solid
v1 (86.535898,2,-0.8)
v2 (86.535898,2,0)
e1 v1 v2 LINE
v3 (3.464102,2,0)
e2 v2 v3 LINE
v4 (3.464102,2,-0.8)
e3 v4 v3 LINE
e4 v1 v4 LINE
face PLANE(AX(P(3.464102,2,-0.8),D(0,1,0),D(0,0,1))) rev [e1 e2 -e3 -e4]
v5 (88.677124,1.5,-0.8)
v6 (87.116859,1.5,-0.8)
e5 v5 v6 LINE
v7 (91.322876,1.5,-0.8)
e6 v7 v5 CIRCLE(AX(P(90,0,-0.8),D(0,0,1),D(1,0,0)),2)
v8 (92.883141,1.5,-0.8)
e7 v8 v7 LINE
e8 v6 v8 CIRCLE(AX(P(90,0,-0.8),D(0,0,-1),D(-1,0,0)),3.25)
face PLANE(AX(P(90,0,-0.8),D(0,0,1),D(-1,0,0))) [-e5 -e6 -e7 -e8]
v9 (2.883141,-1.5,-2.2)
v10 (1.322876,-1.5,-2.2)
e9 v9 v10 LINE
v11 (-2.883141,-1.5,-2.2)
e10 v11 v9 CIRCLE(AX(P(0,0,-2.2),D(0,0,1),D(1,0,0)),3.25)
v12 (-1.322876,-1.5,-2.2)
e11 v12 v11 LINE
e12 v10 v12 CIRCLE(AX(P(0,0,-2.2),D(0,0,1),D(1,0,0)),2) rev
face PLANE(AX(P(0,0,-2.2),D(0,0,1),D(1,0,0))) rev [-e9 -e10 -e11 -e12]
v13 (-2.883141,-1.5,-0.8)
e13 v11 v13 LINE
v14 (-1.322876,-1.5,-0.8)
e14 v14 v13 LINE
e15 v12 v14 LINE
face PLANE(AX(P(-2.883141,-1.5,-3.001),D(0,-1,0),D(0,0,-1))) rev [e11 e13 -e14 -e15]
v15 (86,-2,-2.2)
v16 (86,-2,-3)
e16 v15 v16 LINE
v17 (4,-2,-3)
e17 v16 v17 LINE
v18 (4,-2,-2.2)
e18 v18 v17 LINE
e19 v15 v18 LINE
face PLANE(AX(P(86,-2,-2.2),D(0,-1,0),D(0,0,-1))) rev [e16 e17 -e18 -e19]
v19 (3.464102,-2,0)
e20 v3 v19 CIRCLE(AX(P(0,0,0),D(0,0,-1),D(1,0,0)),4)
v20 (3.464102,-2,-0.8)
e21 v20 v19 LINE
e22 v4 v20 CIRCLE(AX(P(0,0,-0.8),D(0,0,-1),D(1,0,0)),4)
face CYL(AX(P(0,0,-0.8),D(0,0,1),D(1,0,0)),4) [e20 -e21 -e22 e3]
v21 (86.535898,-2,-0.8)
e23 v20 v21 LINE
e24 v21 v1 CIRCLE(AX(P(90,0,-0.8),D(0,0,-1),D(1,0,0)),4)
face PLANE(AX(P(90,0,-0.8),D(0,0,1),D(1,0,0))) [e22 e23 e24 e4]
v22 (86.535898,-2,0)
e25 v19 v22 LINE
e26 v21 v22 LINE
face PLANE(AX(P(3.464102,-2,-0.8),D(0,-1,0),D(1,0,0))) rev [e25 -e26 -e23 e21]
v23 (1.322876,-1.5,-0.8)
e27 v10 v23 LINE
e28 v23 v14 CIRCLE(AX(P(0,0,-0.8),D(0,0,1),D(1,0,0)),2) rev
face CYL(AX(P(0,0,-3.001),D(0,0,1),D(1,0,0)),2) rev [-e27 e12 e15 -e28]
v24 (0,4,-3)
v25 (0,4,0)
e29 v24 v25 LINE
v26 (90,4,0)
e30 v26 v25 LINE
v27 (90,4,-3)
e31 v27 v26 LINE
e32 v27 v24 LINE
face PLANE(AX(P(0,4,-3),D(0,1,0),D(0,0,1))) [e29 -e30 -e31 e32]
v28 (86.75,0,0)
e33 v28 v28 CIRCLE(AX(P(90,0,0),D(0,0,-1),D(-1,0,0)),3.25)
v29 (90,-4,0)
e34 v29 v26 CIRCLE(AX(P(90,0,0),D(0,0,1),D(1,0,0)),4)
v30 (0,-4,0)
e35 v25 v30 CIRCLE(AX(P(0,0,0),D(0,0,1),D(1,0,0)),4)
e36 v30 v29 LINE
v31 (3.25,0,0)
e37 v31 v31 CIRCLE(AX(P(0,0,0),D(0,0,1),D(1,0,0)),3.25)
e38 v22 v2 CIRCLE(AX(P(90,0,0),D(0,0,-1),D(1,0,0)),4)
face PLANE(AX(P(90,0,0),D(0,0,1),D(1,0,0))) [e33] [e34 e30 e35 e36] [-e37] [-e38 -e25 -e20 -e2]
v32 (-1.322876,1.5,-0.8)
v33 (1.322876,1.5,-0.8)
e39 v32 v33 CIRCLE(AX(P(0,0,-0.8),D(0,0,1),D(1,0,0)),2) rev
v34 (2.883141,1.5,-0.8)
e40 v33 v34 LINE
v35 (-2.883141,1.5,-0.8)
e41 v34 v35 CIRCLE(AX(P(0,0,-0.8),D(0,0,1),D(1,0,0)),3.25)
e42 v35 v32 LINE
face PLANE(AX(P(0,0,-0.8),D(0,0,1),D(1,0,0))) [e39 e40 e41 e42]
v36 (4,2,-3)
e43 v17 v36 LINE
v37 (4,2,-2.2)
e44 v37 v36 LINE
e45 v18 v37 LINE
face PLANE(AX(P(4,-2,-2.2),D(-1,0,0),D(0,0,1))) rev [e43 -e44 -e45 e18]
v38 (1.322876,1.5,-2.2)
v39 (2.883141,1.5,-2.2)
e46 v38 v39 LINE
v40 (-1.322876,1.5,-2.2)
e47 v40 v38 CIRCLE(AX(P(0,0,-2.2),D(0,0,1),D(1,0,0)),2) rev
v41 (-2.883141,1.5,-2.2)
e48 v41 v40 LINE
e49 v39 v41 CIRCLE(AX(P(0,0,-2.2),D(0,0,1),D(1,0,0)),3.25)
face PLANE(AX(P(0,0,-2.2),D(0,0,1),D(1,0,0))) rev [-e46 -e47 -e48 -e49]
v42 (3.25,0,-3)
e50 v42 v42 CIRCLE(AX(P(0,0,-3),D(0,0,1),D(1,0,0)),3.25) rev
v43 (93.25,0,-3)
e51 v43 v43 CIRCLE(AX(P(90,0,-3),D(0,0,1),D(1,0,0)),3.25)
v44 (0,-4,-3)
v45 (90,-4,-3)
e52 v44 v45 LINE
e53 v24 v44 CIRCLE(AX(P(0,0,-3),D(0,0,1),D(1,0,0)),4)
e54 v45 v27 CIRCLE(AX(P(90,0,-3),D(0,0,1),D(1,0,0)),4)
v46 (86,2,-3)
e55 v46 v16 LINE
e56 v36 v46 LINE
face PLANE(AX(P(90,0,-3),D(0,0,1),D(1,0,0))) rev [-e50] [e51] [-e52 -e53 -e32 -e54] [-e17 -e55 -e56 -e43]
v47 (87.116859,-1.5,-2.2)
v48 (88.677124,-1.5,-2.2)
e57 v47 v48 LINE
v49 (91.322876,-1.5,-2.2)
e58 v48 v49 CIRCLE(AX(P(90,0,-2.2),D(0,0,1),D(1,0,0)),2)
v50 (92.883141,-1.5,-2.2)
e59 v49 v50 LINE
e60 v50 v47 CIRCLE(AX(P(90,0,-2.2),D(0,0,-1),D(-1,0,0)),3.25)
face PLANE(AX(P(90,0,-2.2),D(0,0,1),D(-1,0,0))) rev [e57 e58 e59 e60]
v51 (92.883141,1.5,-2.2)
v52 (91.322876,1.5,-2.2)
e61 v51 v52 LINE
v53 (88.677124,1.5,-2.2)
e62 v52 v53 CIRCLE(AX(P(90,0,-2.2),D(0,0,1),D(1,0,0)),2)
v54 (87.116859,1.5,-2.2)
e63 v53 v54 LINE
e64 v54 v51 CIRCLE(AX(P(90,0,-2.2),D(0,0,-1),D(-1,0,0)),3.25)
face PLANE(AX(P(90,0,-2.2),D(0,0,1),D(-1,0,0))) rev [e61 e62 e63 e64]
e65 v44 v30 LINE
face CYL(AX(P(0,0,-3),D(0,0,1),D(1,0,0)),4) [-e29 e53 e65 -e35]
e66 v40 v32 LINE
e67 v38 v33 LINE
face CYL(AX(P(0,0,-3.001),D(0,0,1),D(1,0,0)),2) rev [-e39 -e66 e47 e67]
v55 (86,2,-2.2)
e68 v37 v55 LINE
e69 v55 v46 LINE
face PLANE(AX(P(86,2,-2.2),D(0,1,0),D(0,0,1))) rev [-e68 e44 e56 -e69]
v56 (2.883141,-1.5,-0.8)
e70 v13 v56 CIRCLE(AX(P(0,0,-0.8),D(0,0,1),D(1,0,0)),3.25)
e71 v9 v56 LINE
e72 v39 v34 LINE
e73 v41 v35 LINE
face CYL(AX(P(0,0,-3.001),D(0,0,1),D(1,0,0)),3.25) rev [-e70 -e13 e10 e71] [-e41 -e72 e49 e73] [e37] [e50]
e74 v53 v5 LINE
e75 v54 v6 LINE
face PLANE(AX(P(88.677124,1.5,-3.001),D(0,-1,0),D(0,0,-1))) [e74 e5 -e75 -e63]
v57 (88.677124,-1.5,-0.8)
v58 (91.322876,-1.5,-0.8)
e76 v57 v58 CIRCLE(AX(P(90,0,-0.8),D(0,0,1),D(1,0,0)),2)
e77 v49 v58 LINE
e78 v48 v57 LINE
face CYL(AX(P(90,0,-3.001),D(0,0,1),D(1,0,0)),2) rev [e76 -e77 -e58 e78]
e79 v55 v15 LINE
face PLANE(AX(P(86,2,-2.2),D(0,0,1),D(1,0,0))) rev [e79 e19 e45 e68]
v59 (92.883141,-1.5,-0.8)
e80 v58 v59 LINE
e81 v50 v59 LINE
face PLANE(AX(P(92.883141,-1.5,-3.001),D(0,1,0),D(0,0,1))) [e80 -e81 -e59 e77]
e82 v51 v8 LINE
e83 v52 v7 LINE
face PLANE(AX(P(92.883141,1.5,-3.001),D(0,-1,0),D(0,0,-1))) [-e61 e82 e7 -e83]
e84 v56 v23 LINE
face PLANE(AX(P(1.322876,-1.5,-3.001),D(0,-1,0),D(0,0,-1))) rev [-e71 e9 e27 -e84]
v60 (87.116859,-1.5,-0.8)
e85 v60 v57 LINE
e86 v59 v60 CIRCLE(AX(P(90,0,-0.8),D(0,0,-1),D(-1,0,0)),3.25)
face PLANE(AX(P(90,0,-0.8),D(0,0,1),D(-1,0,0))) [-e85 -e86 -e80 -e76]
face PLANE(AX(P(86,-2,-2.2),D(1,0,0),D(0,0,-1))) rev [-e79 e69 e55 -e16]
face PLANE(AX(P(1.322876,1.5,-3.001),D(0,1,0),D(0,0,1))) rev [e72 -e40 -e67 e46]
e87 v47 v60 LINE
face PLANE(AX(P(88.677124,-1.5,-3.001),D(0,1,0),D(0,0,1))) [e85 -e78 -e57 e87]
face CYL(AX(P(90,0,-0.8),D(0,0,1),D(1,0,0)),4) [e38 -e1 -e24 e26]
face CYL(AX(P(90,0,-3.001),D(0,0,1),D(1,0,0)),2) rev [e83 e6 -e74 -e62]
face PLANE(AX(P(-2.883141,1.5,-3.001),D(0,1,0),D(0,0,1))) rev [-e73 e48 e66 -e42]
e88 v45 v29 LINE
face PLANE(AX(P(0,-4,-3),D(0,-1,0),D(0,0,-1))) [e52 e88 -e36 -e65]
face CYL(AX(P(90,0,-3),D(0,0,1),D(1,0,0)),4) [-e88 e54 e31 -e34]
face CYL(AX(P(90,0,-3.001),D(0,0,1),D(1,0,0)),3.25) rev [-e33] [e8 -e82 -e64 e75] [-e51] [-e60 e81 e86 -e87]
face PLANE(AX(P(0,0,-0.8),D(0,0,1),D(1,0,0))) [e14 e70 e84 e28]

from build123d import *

# Parameters (mm, degrees)
EXTRUDE_1_DEPTH     = 3
CUT_EXTRUDE_1_REACH = 96.133
SKETCH_3_R          = 3.25
CUT_EXTRUDE_2_DEPTH = 0.8
CUT_EXTRUDE_START   = -2.2
SKETCH_3_2_R        = 3.25
CUT_EXTRUDE_3_DEPTH = 0.8
CUT_EXTRUDE_4_DEPTH = 0.8
SKETCH_5_W          = 82
SKETCH_5_H          = 4
CUT_EXTRUDE_5_DEPTH = 0.8


with BuildPart() as part:
    # 草图1 → 凸台-拉伸1 (new body)
    with BuildSketch(Plane.XY):
        with BuildLine():
            Line((0, 4), (90, 4))
            ThreePointArc((90, 4), (94, 0), (90, -4))
            Line((90, -4), (0, -4))
            ThreePointArc((0, -4), (-4, 0), (0, 4))
        make_face()
    extrude(amount=-EXTRUDE_1_DEPTH)

    # 草图2 → 切除-拉伸1 (cut, up to next)
    with BuildSketch(Plane.XY, mode=Mode.PRIVATE) as cut_extrude_1_sk1:
        with BuildLine():
            Line((1.322875656, -1.5), (2.883140649, -1.5))
            ThreePointArc((2.883140649, -1.5), (3.25, 0), (2.883140649, 1.5))
            Line((2.883140649, 1.5), (1.322875656, 1.5))
            ThreePointArc((1.322875656, 1.5), (0, 2), (-1.322875656, 1.5))
            Line((-1.322875656, 1.5), (-2.883140649, 1.5))
            ThreePointArc((-2.883140649, 1.5), (-3.25, 0), (-2.883140649, -1.5))
            Line((-2.883140649, -1.5), (-1.322875656, -1.5))
            ThreePointArc((-1.322875656, -1.5), (0, -2), (1.322875656, -1.5))
        make_face()
    cut_extrude_1_tool1 = extrude(cut_extrude_1_sk1.sketch, amount=-CUT_EXTRUDE_1_REACH, mode=Mode.PRIVATE) & part.part
    cut_extrude_1 = cut_extrude_1_tool1.solids().sort_by_distance((0, 0, 0))[0]
    add(cut_extrude_1, mode=Mode.SUBTRACT)

    # 草图3 → 切除-拉伸2 (cut)
    with BuildSketch(Plane.XY):
        Circle(SKETCH_3_R)
    cut_extrude_2 = extrude(amount=-CUT_EXTRUDE_2_DEPTH, mode=Mode.SUBTRACT)

    # 草图3<2> → 切除-拉伸3 (cut)
    with BuildSketch(Plane.XY.offset(CUT_EXTRUDE_START)):
        Circle(SKETCH_3_2_R)
    cut_extrude_3 = extrude(amount=-CUT_EXTRUDE_3_DEPTH, mode=Mode.SUBTRACT)

    # 镜向1: 切除-拉伸1, 切除-拉伸2, 切除-拉伸3 across plane
    add(cut_extrude_1.mirror(Plane(origin=(45, 0, 0), x_dir=(0, 0, 1), z_dir=(1, 0, 0))), mode=Mode.SUBTRACT)
    add(cut_extrude_2.mirror(Plane(origin=(45, 0, 0), x_dir=(0, 0, 1), z_dir=(1, 0, 0))), mode=Mode.SUBTRACT)
    add(cut_extrude_3.mirror(Plane(origin=(45, 0, 0), x_dir=(0, 0, 1), z_dir=(1, 0, 0))), mode=Mode.SUBTRACT)

    # 草图4 → 切除-拉伸4 (cut)
    with BuildSketch(Plane.XY):
        with BuildLine():
            Line((3.464101615, 2), (86.535898385, 2))
            ThreePointArc((86.535898385, 2), (86, 0), (86.535898385, -2))
            Line((86.535898385, -2), (3.464101615, -2))
            ThreePointArc((3.464101615, -2), (4, 0), (3.464101615, 2))
        make_face()
    extrude(amount=-CUT_EXTRUDE_4_DEPTH, mode=Mode.SUBTRACT)

    # 草图5 → 切除-拉伸5 (cut)
    with BuildSketch(Plane(origin=(0, 0, -3), x_dir=(-1, 0, 0), z_dir=(0, 0, -1))):
        with Locations((-45, 0)):
            Rectangle(SKETCH_5_W, SKETCH_5_H)
    extrude(amount=-CUT_EXTRUDE_5_DEPTH, mode=Mode.SUBTRACT)


solid = part.part
